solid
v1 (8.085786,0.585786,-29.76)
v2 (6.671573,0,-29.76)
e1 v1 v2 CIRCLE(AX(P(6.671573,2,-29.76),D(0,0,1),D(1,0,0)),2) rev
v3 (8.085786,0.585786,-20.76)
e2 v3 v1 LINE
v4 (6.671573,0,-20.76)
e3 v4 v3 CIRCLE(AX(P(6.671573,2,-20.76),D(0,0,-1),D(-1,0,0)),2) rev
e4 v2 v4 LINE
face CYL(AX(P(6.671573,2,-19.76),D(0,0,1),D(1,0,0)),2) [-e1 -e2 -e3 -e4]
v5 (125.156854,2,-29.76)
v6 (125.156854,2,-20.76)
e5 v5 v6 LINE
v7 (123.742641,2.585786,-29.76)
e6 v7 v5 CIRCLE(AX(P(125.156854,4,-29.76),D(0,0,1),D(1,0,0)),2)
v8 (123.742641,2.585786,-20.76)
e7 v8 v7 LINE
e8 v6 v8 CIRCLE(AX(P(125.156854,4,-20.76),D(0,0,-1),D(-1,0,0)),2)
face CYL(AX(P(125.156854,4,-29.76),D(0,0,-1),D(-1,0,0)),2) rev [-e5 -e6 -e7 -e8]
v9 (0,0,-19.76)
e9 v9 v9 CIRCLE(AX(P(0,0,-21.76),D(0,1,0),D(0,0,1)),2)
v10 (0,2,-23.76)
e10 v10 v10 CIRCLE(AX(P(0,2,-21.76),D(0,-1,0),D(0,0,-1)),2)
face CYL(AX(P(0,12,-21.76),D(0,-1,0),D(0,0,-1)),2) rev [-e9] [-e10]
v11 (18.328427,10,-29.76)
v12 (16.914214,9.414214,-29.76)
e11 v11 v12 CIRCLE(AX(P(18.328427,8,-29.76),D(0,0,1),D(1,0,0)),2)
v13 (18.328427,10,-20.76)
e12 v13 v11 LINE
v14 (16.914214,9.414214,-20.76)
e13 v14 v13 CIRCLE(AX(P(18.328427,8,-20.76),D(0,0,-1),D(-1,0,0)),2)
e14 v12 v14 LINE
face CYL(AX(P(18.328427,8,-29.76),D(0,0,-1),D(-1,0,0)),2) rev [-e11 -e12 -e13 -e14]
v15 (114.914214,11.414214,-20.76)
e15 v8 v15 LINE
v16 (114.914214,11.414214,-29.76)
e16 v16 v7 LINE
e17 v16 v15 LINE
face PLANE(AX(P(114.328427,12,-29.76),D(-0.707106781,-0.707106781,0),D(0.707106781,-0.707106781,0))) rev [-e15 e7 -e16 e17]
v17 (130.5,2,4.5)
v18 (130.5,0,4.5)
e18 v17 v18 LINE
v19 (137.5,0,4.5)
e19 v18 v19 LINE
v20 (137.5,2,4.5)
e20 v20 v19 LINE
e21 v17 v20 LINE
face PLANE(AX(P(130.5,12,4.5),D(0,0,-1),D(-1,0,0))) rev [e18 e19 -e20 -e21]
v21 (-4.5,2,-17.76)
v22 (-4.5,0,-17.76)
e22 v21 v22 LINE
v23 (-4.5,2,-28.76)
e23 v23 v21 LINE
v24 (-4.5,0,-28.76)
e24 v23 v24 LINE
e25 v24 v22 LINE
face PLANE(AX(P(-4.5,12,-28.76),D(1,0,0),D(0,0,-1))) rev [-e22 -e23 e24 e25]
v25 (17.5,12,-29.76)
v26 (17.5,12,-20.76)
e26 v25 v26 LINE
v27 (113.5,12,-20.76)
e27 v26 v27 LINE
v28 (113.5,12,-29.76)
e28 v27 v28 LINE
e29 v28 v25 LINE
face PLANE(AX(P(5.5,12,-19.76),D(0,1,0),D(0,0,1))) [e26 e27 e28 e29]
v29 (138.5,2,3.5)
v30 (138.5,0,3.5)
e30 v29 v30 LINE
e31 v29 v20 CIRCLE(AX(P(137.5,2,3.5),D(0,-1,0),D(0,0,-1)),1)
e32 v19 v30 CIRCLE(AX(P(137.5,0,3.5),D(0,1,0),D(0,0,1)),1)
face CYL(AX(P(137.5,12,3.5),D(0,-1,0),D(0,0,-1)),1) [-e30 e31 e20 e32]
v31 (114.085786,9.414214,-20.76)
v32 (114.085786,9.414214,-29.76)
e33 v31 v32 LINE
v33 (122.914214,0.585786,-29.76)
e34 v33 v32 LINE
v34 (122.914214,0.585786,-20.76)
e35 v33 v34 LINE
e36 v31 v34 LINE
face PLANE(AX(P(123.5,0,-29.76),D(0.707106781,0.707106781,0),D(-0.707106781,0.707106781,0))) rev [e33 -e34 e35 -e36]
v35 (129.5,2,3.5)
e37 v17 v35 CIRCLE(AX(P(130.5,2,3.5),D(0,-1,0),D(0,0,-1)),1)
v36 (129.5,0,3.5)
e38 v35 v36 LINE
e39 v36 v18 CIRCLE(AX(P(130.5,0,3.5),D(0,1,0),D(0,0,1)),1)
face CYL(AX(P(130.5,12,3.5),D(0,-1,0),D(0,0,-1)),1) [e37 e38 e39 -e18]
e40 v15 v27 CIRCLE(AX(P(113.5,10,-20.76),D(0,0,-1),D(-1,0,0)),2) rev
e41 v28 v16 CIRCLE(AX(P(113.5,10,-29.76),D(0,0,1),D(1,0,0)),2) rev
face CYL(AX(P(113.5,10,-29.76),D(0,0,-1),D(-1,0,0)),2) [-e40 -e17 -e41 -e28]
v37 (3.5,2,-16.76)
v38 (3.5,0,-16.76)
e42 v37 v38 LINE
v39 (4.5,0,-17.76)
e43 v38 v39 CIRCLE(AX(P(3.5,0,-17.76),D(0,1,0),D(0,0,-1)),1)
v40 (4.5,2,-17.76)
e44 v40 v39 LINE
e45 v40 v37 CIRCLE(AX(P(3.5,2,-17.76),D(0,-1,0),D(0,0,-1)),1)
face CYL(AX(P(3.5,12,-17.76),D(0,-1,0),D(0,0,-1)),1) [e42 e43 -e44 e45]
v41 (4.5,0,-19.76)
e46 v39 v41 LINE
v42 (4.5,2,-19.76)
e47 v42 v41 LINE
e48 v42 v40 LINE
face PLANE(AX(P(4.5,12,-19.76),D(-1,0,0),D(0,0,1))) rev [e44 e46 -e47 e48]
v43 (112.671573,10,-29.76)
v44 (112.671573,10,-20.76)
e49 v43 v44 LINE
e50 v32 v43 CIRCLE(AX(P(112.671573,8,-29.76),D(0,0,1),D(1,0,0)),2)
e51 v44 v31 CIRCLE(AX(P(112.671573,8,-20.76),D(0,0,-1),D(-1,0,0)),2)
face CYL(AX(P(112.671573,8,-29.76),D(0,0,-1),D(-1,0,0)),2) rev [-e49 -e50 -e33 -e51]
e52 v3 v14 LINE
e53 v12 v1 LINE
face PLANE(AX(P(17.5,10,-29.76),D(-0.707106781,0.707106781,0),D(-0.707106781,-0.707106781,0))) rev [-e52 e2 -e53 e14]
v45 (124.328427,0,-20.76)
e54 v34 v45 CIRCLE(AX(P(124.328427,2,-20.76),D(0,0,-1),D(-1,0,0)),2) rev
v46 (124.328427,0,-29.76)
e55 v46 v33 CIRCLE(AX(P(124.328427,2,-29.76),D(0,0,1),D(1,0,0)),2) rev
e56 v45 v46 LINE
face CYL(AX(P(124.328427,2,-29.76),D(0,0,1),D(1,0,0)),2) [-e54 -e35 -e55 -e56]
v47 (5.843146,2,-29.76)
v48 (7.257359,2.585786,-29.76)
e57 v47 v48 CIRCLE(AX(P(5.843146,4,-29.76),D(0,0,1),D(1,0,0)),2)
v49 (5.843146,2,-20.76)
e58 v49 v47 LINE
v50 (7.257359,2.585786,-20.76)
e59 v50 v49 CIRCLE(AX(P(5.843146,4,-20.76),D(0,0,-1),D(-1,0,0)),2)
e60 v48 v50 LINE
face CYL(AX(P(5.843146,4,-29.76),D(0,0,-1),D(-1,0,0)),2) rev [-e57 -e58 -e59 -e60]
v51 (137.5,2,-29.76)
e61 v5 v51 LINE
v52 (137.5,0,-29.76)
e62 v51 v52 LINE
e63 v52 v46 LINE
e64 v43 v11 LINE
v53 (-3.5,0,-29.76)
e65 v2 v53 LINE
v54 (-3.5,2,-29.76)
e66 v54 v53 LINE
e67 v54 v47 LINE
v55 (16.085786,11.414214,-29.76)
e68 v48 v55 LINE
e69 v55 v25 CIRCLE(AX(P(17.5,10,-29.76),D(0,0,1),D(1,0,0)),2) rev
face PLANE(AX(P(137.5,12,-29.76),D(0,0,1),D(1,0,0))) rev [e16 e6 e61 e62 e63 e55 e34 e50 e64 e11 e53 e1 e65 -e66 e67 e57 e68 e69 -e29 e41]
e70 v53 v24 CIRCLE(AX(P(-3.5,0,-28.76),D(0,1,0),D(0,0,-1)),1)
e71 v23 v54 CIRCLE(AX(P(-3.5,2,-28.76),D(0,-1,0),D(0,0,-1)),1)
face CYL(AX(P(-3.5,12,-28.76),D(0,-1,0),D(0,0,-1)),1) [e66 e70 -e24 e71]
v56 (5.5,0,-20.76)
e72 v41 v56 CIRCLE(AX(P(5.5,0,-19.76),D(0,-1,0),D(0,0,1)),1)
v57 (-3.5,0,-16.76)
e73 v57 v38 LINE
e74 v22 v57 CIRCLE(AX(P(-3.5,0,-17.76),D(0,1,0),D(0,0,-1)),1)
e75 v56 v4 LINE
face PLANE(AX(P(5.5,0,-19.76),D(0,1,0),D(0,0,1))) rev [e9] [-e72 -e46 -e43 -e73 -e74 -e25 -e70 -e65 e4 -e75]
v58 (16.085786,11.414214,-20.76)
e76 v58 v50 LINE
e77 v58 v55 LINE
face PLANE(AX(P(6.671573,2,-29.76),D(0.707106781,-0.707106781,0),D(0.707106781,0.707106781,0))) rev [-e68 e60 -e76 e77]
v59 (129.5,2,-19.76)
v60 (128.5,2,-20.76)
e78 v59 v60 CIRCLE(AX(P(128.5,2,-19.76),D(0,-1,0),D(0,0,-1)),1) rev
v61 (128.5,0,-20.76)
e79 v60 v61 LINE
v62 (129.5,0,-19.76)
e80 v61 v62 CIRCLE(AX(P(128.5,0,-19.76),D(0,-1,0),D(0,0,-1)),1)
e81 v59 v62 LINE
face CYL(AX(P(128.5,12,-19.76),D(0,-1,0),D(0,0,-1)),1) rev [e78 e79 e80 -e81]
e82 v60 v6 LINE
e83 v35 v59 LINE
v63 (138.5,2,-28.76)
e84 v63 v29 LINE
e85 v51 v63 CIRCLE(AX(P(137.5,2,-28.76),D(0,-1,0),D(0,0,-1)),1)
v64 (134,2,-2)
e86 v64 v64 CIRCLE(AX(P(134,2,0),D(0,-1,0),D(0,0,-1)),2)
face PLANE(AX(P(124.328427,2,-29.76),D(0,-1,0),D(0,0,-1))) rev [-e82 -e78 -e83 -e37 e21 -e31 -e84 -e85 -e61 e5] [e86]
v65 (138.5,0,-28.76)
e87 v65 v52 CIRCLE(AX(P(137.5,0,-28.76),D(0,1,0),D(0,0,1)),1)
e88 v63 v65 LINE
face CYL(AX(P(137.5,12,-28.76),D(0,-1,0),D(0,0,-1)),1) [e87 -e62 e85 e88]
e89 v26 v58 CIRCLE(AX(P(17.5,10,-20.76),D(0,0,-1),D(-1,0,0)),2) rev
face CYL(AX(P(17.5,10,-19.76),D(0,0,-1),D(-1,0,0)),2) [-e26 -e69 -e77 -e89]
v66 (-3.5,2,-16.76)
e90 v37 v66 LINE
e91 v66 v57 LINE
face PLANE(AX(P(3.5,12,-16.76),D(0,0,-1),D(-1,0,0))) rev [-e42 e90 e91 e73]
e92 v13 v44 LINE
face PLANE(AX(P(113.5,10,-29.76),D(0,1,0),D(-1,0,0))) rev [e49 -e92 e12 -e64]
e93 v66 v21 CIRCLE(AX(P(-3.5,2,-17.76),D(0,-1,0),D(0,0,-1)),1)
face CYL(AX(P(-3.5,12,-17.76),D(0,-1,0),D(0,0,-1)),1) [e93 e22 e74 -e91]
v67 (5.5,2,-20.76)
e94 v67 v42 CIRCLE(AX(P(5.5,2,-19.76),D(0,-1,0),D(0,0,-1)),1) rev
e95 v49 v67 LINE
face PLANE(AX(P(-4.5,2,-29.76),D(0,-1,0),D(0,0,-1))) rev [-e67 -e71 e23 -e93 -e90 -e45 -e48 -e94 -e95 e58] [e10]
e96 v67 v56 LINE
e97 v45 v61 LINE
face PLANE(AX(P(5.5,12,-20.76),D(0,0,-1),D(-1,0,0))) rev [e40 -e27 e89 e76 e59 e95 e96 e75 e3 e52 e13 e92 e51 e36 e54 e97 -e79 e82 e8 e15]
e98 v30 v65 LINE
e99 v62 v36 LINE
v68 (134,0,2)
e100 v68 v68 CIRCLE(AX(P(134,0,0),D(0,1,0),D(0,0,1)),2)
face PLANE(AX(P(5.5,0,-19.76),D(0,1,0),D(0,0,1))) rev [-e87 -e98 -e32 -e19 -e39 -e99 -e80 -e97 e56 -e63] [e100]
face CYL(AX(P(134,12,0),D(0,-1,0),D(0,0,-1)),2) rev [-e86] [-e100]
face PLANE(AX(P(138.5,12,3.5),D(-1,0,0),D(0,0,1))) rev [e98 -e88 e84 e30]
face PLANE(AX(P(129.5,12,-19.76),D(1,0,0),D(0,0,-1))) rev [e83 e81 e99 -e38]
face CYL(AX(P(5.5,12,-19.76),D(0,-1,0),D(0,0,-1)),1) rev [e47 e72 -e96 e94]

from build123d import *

# Parameters (mm, degrees)
SKETCH1_R           = 2
BOSS_EXTRUDE1_DEPTH = 12
CUT_EXTRUDE1_DEPTH  = 144.178202252
FILLET1_R           = 2


with BuildPart() as part:
    # Sketch1 → Boss-Extrude1 (new body)
    with BuildSketch(Plane(origin=(0, 0, 0), x_dir=(1, 0, 0), z_dir=(0, 1, 0))):
        with BuildLine():
            Line((5.5, 20.76), (128.5, 20.76))
            ThreePointArc((128.5, 20.76), (129.207106781, 20.467106781), (129.5, 19.76))
            Line((129.5, 19.76), (129.5, -3.5))
            ThreePointArc((129.5, -3.5), (129.792893219, -4.207106781), (130.5, -4.5))
            Line((130.5, -4.5), (137.5, -4.5))
            ThreePointArc((137.5, -4.5), (138.207106781, -4.207106781), (138.5, -3.5))
            Line((138.5, -3.5), (138.5, 28.76))
            ThreePointArc((138.5, 28.76), (138.207106781, 29.467106781), (137.5, 29.76))
            Line((137.5, 29.76), (-3.5, 29.76))
            ThreePointArc((-3.5, 29.76), (-4.207106781, 29.467106781), (-4.5, 28.76))
            Line((-4.5, 28.76), (-4.5, 17.76))
            ThreePointArc((-4.5, 17.76), (-4.207106781, 17.052893219), (-3.5, 16.76))
            Line((-3.5, 16.76), (3.5, 16.76))
            ThreePointArc((3.5, 16.76), (4.207106781, 17.052893219), (4.5, 17.76))
            Line((4.5, 17.76), (4.5, 19.76))
            ThreePointArc((4.5, 19.76), (4.792893219, 20.467106781), (5.5, 20.76))
        make_face()
        with Locations(Location((0, 21.76, 0), (0, 0, 270))):
            Circle(SKETCH1_R, mode=Mode.SUBTRACT)
        with Locations(Location((134, 0, 0), (0, 0, 270))):
            Circle(SKETCH1_R, mode=Mode.SUBTRACT)
    extrude(amount=BOSS_EXTRUDE1_DEPTH)

    # Sketch2 → Cut-Extrude1 (cut, through all)
    with BuildSketch(Plane.XY.offset(4.5)):
        Polygon((-4.5, 12), (-4.5, 2), (6.671572875, 2), (16.671572875, 12), align=None)
        Polygon((7.5, 0), (123.5, 0), (113.5, 10), (17.5, 10), align=None)
        Polygon((114.328427125, 12), (124.328427125, 2), (138.5, 2), (138.5, 12), align=None)
    extrude(amount=-CUT_EXTRUDE1_DEPTH, mode=Mode.SUBTRACT)

    # Fillet1
    fillet1_edges = [part.edges().sort_by_distance(p)[0] for p in [
        (16.671572875, 12, -25.26),
        (6.671572875, 2, -25.26),
        (7.5, 0, -25.26),
        (17.5, 10, -25.26),
        (113.5, 10, -25.26),
        (123.5, 0, -25.26),
        (124.328427125, 2, -25.26),
        (114.328427125, 12, -25.26),
    ]]
    fillet(fillet1_edges, radius=FILLET1_R)


solid = part.part
